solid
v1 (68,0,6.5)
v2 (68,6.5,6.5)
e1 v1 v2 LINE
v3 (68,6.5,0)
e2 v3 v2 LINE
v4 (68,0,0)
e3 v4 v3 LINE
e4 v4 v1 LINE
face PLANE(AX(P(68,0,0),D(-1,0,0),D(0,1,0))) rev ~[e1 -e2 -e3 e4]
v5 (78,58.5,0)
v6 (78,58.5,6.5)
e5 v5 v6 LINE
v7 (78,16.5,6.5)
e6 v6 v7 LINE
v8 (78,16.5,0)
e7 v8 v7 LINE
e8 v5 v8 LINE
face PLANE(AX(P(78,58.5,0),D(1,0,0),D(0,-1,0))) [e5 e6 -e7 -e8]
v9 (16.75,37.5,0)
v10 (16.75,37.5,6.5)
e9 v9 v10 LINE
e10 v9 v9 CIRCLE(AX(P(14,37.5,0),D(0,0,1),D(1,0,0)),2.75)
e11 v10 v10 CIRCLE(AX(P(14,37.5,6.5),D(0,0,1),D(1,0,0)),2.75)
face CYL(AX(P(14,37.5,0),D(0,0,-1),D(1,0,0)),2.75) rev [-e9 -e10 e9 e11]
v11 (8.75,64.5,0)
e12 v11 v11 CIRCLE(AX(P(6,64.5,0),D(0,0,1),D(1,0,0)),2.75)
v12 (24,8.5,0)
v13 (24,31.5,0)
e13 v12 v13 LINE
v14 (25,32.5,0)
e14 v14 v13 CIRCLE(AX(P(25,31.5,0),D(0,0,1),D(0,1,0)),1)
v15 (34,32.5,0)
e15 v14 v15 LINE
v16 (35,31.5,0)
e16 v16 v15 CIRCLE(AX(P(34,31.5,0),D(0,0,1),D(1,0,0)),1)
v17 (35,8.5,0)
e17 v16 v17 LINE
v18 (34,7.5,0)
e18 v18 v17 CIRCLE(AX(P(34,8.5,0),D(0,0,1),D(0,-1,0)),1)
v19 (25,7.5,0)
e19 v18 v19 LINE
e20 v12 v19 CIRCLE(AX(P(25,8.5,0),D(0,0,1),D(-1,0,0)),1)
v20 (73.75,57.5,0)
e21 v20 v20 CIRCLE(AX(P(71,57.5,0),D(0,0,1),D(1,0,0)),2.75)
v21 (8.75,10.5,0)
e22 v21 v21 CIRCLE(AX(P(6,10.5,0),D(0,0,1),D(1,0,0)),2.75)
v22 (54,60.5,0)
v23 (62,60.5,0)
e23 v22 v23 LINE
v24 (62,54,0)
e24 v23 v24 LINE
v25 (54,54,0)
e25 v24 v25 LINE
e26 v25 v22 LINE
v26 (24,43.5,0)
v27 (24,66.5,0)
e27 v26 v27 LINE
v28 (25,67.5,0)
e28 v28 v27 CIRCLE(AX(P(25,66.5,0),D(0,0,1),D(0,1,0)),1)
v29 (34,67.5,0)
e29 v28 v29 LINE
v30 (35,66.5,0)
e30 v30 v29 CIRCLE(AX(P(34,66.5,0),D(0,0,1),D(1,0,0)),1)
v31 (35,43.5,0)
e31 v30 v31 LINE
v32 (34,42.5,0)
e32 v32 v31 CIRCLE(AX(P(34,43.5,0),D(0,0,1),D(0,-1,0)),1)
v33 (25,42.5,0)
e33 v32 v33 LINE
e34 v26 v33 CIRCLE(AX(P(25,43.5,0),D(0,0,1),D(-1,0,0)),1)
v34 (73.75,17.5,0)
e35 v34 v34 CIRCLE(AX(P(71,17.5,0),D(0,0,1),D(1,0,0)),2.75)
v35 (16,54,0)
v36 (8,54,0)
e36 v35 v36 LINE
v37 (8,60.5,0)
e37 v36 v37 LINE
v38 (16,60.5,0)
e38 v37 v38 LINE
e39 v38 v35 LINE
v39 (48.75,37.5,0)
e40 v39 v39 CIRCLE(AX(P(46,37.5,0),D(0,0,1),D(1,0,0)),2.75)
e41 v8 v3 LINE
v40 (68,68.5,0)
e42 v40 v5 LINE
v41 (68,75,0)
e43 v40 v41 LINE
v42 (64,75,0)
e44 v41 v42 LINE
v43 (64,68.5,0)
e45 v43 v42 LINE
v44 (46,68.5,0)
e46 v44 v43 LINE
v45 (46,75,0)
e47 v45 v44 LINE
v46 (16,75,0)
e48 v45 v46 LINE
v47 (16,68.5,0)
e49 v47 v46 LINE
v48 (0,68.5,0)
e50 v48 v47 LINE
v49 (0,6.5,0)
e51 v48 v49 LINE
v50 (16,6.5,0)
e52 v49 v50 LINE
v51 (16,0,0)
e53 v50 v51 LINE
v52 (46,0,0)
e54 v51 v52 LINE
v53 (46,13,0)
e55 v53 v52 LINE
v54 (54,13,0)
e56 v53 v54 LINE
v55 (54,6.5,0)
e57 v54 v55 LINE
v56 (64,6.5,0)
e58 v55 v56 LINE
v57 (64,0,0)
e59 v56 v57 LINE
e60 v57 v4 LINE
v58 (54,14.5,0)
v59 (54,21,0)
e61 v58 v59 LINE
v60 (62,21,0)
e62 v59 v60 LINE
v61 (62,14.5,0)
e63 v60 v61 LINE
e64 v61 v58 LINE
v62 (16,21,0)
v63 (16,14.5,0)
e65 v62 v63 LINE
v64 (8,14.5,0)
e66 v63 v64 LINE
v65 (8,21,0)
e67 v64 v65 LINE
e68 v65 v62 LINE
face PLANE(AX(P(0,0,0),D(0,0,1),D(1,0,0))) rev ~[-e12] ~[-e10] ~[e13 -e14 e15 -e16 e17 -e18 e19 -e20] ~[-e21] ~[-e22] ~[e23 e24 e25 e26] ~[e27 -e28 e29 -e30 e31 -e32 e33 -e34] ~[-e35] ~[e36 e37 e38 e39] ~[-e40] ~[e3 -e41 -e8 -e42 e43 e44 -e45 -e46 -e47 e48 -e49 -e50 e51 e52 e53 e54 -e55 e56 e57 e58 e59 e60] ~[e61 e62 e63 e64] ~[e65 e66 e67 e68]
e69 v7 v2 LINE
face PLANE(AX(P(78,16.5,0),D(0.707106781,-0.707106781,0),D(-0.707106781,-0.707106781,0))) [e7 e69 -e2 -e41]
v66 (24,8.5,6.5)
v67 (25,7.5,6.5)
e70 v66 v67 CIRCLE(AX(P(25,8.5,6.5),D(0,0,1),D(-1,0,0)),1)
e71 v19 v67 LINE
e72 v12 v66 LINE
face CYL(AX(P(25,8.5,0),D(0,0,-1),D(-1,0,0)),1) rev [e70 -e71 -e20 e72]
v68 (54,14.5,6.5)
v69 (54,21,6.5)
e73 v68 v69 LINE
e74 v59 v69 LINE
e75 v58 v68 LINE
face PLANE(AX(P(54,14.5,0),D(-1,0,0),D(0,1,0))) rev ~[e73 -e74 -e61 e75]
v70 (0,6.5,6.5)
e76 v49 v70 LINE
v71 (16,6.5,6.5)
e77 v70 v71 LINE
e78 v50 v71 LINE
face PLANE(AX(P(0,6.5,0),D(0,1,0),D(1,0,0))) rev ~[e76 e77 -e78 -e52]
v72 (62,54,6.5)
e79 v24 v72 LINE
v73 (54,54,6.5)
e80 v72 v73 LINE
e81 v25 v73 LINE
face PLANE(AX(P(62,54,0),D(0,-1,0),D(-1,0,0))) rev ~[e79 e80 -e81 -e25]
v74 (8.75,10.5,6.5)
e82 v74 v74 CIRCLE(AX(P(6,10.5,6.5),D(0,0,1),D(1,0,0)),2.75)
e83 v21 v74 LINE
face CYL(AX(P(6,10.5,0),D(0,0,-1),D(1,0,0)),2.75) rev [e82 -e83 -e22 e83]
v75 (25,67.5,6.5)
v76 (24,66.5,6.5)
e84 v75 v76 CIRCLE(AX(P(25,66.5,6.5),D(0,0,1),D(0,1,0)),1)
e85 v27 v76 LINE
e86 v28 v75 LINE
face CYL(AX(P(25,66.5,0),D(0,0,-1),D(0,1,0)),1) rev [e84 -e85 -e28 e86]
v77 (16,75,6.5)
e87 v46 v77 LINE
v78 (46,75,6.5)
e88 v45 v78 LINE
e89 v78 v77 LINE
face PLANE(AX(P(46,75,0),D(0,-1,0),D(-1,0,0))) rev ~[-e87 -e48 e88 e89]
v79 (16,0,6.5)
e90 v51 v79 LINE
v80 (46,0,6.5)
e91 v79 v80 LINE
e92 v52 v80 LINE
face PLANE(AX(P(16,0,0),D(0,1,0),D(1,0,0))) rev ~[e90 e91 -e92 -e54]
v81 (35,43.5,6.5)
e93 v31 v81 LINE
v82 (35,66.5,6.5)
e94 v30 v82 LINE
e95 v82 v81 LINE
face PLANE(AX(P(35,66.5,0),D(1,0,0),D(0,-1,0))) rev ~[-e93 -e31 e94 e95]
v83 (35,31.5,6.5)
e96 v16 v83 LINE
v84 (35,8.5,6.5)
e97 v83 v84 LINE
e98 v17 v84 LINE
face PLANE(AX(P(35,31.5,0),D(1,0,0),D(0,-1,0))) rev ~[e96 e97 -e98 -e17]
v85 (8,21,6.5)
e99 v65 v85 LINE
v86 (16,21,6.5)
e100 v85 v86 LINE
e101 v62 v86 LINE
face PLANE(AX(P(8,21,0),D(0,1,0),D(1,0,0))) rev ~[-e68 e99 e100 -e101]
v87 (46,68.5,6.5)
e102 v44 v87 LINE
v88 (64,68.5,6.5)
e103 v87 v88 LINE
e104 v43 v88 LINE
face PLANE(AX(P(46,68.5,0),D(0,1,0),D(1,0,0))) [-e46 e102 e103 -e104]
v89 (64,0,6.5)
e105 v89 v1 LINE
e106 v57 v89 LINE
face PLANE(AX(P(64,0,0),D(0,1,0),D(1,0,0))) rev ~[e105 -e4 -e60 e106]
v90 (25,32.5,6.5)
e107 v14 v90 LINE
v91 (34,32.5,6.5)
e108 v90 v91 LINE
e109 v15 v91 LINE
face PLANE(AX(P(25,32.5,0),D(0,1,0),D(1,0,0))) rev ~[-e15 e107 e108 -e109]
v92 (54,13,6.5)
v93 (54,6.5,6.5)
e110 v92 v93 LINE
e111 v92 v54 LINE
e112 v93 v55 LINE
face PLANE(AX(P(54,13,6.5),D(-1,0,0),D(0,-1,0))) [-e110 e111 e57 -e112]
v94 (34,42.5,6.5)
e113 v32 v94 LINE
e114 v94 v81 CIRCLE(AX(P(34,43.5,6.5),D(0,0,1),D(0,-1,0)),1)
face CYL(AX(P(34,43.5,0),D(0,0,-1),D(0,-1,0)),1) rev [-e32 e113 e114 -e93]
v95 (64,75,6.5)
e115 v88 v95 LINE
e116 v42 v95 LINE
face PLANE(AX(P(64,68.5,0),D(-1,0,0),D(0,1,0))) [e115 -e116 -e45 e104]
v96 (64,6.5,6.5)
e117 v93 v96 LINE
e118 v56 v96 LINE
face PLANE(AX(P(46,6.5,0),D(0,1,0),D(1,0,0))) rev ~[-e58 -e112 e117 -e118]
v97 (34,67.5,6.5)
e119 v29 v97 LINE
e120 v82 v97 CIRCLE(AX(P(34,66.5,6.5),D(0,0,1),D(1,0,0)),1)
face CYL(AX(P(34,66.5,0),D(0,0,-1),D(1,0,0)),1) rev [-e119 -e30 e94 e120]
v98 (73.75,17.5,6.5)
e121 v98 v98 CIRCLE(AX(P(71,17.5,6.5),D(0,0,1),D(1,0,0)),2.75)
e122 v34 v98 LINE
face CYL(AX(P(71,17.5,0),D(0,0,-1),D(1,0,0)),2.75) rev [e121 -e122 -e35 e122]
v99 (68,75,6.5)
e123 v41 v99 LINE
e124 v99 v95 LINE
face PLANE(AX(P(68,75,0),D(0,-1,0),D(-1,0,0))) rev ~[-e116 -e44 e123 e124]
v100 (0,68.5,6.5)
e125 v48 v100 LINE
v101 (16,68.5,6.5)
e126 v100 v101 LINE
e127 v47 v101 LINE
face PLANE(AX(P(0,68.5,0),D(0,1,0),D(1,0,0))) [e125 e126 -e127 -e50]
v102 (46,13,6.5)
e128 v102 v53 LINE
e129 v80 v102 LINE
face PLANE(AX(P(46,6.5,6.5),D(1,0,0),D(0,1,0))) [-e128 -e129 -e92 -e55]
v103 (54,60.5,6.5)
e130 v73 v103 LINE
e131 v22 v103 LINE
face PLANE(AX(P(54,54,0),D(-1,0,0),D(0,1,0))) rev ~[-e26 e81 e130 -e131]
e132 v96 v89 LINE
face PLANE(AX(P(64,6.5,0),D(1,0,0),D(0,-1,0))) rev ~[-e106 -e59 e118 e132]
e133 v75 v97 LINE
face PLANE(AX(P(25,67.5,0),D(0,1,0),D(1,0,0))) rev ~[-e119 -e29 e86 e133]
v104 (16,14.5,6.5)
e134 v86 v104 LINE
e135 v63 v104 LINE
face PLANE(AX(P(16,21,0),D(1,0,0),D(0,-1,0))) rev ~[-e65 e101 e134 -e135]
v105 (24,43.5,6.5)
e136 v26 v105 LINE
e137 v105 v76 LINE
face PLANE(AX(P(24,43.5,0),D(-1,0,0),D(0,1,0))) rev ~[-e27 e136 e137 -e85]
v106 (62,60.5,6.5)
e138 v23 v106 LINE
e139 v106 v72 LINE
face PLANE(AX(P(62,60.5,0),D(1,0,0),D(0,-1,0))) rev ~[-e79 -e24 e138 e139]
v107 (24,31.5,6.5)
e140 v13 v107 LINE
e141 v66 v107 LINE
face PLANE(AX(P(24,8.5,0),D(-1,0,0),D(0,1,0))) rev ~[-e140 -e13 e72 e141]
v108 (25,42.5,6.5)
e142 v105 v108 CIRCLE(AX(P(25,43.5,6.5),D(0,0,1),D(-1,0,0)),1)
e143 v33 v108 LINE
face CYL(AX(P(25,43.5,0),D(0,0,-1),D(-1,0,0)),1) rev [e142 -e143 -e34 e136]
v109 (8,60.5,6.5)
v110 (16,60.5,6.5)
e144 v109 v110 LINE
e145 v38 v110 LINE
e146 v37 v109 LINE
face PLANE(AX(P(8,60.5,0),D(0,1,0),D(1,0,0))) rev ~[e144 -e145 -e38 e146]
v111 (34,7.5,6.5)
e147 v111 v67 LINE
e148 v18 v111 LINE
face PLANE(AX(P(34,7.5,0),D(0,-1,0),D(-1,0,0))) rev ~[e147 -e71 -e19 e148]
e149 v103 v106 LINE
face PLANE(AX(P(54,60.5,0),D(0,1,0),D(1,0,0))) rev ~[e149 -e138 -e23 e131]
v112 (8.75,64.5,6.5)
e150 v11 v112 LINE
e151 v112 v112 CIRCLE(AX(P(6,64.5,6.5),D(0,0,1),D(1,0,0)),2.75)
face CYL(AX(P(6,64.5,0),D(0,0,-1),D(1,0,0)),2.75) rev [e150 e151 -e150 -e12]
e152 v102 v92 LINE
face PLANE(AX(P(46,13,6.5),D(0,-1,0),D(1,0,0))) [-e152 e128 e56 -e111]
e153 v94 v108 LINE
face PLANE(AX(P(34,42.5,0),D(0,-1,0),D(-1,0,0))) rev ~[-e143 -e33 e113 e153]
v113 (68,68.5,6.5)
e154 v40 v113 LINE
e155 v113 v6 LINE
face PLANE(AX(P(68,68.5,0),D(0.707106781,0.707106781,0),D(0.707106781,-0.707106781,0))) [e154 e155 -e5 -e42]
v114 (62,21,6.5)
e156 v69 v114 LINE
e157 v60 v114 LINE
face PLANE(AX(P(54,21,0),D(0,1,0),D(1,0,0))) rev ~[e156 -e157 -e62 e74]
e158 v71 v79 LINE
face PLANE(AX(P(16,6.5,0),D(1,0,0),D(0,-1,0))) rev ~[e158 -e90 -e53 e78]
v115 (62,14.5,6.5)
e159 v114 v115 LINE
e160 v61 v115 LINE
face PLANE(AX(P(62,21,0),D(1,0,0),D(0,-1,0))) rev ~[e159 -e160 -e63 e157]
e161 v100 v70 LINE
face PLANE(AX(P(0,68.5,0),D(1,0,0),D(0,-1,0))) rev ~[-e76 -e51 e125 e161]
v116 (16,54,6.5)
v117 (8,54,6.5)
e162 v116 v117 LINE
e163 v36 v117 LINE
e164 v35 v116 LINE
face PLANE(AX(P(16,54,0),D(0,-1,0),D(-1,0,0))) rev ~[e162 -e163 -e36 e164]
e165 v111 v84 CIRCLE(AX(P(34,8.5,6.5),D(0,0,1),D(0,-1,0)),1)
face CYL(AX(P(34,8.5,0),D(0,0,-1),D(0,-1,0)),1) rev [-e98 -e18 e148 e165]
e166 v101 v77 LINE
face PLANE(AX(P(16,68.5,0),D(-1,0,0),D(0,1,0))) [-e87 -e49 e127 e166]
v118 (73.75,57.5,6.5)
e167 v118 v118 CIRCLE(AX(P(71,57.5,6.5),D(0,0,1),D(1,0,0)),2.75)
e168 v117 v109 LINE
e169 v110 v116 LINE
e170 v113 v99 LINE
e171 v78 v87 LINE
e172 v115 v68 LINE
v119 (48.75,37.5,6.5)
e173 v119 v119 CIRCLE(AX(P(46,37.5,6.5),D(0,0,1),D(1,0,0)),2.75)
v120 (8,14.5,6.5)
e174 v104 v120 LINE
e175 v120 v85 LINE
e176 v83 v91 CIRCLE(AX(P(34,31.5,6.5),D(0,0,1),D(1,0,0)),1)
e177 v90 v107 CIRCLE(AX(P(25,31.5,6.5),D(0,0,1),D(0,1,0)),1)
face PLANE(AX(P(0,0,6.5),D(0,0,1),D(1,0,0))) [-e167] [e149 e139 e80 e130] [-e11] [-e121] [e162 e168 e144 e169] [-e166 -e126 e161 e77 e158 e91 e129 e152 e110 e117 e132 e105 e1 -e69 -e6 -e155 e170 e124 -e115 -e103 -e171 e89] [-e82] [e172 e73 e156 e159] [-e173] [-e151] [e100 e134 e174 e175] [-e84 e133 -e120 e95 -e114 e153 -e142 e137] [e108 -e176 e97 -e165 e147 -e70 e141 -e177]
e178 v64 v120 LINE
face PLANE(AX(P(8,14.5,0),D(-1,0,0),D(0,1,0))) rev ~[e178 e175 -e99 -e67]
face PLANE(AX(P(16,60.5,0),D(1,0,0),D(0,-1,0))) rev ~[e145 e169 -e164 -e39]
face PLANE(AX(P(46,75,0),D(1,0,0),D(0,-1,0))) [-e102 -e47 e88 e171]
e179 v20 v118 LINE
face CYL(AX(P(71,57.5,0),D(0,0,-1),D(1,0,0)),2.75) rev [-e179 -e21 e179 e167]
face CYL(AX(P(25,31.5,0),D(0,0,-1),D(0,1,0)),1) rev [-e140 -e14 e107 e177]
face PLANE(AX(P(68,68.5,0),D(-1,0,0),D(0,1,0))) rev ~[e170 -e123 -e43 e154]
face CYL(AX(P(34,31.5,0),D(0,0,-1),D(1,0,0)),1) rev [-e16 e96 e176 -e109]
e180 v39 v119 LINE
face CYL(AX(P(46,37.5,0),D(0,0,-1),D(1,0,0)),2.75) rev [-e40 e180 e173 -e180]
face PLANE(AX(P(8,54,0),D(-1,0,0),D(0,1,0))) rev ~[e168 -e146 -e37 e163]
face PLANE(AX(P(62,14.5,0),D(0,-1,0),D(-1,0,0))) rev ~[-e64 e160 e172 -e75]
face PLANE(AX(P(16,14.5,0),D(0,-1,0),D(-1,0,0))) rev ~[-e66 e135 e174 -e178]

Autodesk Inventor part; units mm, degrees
ref_plane "YZ Plane" through (0, 0, 0) normal (1, 0, 0) x (0, 1, 0)
ref_plane "XZ Plane" through (0, 0, 0) normal (0, 1, 0) x (-1, 0, 0)
ref_plane "XY Plane" through (0, 0, 0) normal (0, 0, 1) x (1, 0, 0)
sketch "Sketch1" plane through (0, 0, 0) normal (0, 0, 1) x (1, 0, 0)
  line L0 (0, 68.5) -> (0, 6.5)
  line L1 (68, 68.5) -> (78, 58.5)
  line L2 (78, 58.5) -> (78, 16.5)
  line L3 (78, 16.5) -> (68, 6.5)
  line L4 (68, 0) -> (68, 6.5)
  line L5 (68, 68.5) -> (68, 75)
  circle A0 centre (71, 57.5) radius 2.75
  circle A1 centre (71, 17.5) radius 2.75
  line L6 (25, 67.5) -> (34, 67.5)
  line L7 (35, 66.5) -> (35, 43.5)
  line L8 (34, 42.5) -> (25, 42.5)
  line L9 (24, 43.5) -> (24, 66.5)
  line L10 (25, 32.5) -> (34, 32.5)
  line L11 (35, 31.5) -> (35, 8.5)
  line L12 (34, 7.5) -> (25, 7.5)
  line L13 (24, 8.5) -> (24, 31.5)
  arc A2 (25, 67.5) -> (24, 66.5) centre (25, 66.5) ccw
  arc A3 (35, 66.5) -> (34, 67.5) centre (34, 66.5) ccw
  arc A4 (34, 42.5) -> (35, 43.5) centre (34, 43.5) ccw
  arc A5 (24, 43.5) -> (25, 42.5) centre (25, 43.5) ccw
  arc A6 (25, 32.5) -> (24, 31.5) centre (25, 31.5) ccw
  arc A7 (24, 8.5) -> (25, 7.5) centre (25, 8.5) ccw
  arc A8 (34, 7.5) -> (35, 8.5) centre (34, 8.5) ccw
  arc A9 (35, 31.5) -> (34, 32.5) centre (34, 31.5) ccw
  line L14 (29.5, 67.5) -> (29.5, 7.5) construction
  circle A10 centre (6, 64.5) radius 5 construction
  circle A11 centre (6, 64.5) radius 2.75
  circle A12 centre (6, 10.5) radius 5 construction
  circle A13 centre (6, 10.5) radius 2.75
  line L15 (0, 64.5) -> (72, 64.5) construction
  line L16 (0, 10.5) -> (72, 10.5) construction
  line L17 (0, 6.5) -> (16, 6.5)
  line L18 (16, 6.5) -> (16, 0)
  line L19 (0, 68.5) -> (16, 68.5)
  line L20 (16, 68.5) -> (16, 75)
  line L21 (46, 75) -> (46, 68.5)
  line L22 (46, 68.5) -> (64, 68.5)
  line L23 (64, 68.5) -> (64, 75)
  line L24 (46, 0) -> (46, 6.5)
  line L25 (46, 6.5) -> (64, 6.5)
  line L26 (64, 6.5) -> (64, 0)
  line L27 (68, 75) -> (64, 75)
  line L28 (46, 75) -> (16, 75)
  line L29 (16, 0) -> (46, 0)
  line L30 (64, 0) -> (68, 0)
  line L31 (8, 60.5) -> (16, 60.5)
  line L32 (16, 60.5) -> (16, 54)
  line L33 (16, 54) -> (8, 54)
  line L34 (8, 54) -> (8, 60.5)
  line L35 (8, 21) -> (16, 21)
  line L36 (16, 21) -> (16, 14.5)
  line L37 (16, 14.5) -> (8, 14.5)
  line L38 (8, 14.5) -> (8, 21)
  line L39 (54, 21) -> (62, 21)
  line L40 (62, 21) -> (62, 14.5)
  line L41 (62, 14.5) -> (54, 14.5)
  line L42 (54, 14.5) -> (54, 21)
  line L43 (54, 60.5) -> (62, 60.5)
  line L44 (62, 60.5) -> (62, 54)
  line L45 (62, 54) -> (54, 54)
  line L46 (54, 54) -> (54, 60.5)
  circle A14 centre (14, 37.5) radius 5 construction
  circle A15 centre (46, 37.5) radius 5 construction
  circle A16 centre (46, 37.5) radius 2.75
  circle A17 centre (14, 37.5) radius 2.75
  point P0 (0, 0)
  point P1 (29.5, 37.5)
  point P2 (0, 37.5)
  dimension "d1" = 45
  dimension "d2" = 10
  dimension "d11" = 5.5
  dimension "d12" = 5.5
  dimension "d13" = 7
  dimension "d14" = 11
  dimension "d15" = 11
  dimension "d18" = 1
  dimension "d19" = 11
  dimension "d20" = 25
  dimension "d21" = 25
  dimension "d24" = 38.5
  dimension "d25" = 5.5
  dimension "d26" = 5.5
  dimension "d27" = 10
  dimension "d28" = 10
  dimension "d32" = 6
  dimension "d34" = 68
  dimension "d35" = 6.5
  dimension "d36" = 6.5
  dimension "d37" = 4
  dimension "d38" = 4
  dimension "d40" = 1
  dimension "d41" = 30
  dimension "d42" = 18
  dimension "d43" = 4
  dimension "d44" = 4
  dimension "d45" = 6.5
  dimension "d46" = 6.5
  dimension "d47" = 8
  dimension "d48" = 8
  dimension "d49" = 4
  dimension "d50" = 4
  dimension "d51" = 8
  dimension "d52" = 6
  dimension "d53" = 10
  dimension "d54" = 5.5
  dimension "d55" = 10
  dimension "d56" = 5.5
  dimension "d57" = 14
  dimension "d58" = 32
  dimension "d67" = 54
extrude "Extrusion1" add sketch "Sketch1" along normal blind 6.5
sketch "Sketch2" plane through (0, 0, 6.5) normal (0, 0, 1) x (1, 0, 0)
  line L0 (46, 6.5) -> (64, 6.5) projected
  line L1 (46, 13) -> (54, 13)
  line L2 (54, 13) -> (54, 6.5)
  line L3 (54, 6.5) -> (46, 6.5)
  line L4 (46, 6.5) -> (46, 13)
  line L5 (46, 0) -> (46, 6.5) projected
  point P0 (0, 0)
  dimension "d61" = 6.5
  dimension "d62" = 8
extrude "Extrusion2" cut sketch "Sketch2" against normal through all
properties part number "x_motor_middle"
